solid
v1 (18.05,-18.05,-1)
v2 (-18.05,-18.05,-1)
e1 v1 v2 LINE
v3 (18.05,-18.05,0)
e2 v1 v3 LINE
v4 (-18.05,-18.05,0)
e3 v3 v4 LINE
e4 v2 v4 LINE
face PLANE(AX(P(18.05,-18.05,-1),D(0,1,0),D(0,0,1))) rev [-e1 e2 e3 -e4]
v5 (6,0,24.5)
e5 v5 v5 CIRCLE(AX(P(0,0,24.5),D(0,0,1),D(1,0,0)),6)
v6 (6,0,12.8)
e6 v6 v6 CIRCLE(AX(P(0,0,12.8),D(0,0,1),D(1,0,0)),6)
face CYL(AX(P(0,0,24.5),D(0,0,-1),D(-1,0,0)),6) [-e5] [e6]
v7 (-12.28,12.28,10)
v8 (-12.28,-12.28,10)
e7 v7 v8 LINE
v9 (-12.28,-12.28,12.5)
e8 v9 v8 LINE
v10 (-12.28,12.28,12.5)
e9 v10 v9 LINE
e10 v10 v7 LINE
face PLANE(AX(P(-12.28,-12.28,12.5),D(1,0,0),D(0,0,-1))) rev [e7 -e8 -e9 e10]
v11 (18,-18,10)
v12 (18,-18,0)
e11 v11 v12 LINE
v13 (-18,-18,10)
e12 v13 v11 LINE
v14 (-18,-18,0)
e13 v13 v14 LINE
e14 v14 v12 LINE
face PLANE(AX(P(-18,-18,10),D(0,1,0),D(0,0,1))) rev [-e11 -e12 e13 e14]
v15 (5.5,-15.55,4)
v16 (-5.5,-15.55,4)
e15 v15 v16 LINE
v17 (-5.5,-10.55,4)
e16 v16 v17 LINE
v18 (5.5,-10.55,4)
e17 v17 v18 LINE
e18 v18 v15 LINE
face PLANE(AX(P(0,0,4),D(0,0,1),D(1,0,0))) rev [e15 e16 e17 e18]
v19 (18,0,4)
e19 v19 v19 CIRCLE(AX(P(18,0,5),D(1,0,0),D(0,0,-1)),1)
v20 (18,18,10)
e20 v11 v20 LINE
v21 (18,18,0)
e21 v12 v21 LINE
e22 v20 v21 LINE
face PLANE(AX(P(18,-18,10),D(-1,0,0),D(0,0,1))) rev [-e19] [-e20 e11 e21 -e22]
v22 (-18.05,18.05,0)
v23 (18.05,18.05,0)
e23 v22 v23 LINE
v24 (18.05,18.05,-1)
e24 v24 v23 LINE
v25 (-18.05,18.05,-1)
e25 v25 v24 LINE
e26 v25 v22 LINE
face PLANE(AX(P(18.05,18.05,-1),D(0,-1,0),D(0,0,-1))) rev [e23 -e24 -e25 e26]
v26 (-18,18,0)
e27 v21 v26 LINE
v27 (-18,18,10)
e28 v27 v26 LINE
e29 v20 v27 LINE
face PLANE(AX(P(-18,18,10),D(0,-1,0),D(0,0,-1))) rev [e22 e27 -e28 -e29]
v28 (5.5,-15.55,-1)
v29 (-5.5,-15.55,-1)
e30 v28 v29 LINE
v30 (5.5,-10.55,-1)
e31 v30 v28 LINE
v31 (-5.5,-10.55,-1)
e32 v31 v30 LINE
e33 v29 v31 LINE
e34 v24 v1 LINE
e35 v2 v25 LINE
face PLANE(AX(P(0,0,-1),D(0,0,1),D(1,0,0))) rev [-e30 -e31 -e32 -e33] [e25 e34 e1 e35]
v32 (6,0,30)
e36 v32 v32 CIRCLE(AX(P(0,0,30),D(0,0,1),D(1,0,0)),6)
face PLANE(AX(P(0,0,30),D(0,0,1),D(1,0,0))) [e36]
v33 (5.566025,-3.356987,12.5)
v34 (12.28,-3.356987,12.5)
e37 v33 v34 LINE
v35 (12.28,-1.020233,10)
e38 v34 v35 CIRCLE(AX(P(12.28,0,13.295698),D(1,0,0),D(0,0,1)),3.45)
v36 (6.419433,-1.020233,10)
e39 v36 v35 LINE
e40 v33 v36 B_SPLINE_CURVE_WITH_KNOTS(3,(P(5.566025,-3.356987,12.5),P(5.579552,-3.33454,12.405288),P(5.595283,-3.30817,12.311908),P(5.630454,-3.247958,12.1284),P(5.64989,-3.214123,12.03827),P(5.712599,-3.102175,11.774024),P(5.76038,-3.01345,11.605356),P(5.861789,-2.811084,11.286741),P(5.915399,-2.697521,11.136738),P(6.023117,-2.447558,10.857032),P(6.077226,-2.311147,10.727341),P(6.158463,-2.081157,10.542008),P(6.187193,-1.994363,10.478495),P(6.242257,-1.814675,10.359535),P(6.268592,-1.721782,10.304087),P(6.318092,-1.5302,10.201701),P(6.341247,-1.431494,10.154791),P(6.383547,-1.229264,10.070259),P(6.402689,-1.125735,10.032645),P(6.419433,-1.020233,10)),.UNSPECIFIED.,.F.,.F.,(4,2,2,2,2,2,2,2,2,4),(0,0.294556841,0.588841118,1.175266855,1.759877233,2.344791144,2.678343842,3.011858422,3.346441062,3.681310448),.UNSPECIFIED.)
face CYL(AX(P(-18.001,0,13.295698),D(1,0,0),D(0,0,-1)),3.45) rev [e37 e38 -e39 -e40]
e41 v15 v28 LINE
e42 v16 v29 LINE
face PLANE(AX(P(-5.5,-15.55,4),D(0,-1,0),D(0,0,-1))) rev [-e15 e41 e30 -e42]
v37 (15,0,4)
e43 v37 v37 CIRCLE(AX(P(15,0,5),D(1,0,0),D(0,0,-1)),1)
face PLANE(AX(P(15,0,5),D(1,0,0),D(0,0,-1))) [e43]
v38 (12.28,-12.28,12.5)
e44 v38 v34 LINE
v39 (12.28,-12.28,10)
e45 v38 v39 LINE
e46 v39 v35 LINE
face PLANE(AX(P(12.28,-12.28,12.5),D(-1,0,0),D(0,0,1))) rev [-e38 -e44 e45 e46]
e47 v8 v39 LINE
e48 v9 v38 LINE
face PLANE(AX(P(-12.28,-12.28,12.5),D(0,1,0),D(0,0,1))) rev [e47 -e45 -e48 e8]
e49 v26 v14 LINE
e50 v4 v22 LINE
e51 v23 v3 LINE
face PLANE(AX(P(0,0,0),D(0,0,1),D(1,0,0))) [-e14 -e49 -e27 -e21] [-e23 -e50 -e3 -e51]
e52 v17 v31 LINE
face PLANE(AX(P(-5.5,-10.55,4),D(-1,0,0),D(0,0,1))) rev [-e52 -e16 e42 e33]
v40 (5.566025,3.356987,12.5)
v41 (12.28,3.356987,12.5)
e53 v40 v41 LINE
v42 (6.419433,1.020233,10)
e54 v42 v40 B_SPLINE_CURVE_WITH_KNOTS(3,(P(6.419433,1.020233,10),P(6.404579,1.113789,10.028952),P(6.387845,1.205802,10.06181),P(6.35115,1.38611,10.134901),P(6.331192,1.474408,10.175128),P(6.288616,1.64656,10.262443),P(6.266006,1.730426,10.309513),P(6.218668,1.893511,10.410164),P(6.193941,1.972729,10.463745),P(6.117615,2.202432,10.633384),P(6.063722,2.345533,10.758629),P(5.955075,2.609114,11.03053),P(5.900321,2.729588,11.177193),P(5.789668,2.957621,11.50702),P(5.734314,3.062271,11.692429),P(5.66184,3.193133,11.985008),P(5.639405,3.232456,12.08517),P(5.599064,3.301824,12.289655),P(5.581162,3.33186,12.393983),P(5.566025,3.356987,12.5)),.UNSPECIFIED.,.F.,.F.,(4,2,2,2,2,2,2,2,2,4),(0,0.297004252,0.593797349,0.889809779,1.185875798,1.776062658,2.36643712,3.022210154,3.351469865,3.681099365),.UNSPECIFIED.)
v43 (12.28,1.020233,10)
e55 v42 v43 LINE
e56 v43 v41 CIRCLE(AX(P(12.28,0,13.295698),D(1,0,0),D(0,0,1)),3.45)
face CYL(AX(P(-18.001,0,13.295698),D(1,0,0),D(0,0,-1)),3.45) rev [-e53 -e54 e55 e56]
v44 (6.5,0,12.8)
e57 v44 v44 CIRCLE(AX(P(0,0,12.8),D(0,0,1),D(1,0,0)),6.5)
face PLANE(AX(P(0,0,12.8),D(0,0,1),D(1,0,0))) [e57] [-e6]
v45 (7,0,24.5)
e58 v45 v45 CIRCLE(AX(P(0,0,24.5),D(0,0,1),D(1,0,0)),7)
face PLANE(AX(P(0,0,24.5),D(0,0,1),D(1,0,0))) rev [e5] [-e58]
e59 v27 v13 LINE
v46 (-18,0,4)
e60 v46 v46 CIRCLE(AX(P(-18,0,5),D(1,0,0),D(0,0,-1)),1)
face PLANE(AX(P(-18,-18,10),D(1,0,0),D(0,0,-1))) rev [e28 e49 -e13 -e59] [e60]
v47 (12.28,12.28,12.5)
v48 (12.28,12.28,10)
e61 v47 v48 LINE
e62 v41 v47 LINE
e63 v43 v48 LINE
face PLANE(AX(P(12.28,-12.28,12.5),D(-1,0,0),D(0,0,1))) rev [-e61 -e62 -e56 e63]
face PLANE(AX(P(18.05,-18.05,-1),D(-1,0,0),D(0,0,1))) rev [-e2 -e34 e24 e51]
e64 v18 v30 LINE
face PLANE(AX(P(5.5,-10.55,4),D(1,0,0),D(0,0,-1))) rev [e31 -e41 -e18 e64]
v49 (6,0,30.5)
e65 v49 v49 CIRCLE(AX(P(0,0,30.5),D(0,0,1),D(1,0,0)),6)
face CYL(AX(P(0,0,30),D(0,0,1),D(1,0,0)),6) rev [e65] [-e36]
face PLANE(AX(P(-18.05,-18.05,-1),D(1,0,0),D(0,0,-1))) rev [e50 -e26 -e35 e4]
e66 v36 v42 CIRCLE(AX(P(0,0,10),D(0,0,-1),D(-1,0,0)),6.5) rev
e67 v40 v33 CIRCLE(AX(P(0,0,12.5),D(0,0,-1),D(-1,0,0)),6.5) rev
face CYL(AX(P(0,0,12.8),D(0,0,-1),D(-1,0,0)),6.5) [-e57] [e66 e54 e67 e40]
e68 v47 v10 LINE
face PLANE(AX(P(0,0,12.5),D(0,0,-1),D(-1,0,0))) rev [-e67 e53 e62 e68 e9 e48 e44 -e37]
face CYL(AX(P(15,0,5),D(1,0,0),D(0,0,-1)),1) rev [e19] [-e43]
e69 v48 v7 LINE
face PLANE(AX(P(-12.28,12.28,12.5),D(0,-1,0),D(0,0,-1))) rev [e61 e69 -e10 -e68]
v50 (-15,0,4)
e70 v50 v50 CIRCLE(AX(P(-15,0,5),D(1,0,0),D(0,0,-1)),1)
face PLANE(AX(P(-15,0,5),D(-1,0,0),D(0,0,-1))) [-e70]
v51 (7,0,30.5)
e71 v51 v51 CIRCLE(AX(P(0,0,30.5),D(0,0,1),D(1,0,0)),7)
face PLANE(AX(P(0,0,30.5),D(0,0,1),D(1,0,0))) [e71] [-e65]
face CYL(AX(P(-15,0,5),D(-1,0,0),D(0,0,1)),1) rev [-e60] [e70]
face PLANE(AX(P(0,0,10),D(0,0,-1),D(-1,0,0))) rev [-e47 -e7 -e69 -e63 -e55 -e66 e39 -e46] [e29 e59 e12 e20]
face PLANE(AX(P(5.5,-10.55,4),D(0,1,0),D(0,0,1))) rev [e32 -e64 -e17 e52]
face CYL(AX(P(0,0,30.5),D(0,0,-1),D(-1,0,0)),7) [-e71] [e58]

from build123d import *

# Parameters (mm, degrees)
SKETCH_1_W               = 36
SKETCH_1_H               = 36
EXTRUDE_1_DEPTH          = 10
SKETCH_2_W               = 24.56
SKETCH_2_H               = 24.56
EXTRUDE_2_DEPTH          = 2.5
SKETCH_3_R               = 6
EXTRUDE_3_DEPTH          = 12
SKETCH_4_R               = 7
EXTRUDE_4_DEPTH          = 6
CUT_EXTRUDE_START        = -0.5
SKETCH_5_R               = 6
CUT_EXTRUDE_1_DEPTH      = 0.5
SKETCH_7_R               = 6.5
EXTRUDE_5_DEPTH          = 0.3
CUT_EXTRUDE_2_REACH      = 48.595
CUT_EXTRUDE_2_END_RADIUS = 6.5
SKETCH_10_R              = 1
CUT_EXTRUDE_3_DEPTH      = 3
SKETCH_11_W              = 36.1
SKETCH_11_H              = 36.1
EXTRUDE_6_DEPTH          = 1
SKETCH_12_W              = 11
SKETCH_12_H              = 5
CUT_EXTRUDE_4_DEPTH      = 5


with BuildPart() as part:
    # 草图1 → 凸台-拉伸1 (new body)
    with BuildSketch(Plane.XY):
        Rectangle(SKETCH_1_W, SKETCH_1_H)
    extrude(amount=EXTRUDE_1_DEPTH)

    # 草图2 → 凸台-拉伸2 (add)
    with BuildSketch(Plane.XY.offset(10)):
        Rectangle(SKETCH_2_W, SKETCH_2_H)
    extrude(amount=EXTRUDE_2_DEPTH)

    # 草图3 → 凸台-拉伸3 (add)
    with BuildSketch(Plane.XY.offset(12.5)):
        Circle(SKETCH_3_R)
    extrude(amount=EXTRUDE_3_DEPTH)

    # 草图4 → 凸台-拉伸4 (add)
    with BuildSketch(Plane.XY.offset(24.5)):
        Circle(SKETCH_4_R)
    extrude(amount=EXTRUDE_4_DEPTH)

    # 草图5 → 切除-拉伸1 (cut)
    with BuildSketch(Plane.XY.offset(30.5).offset(CUT_EXTRUDE_START)):
        Circle(SKETCH_5_R)
    extrude(amount=CUT_EXTRUDE_1_DEPTH, mode=Mode.SUBTRACT)

    # 草图7 → 凸台-拉伸5 (add)
    with BuildSketch(Plane.XY.offset(12.5)):
        with Locations(Location((0, 0, 0), (0, 0, 180))):
            Circle(SKETCH_7_R)
    extrude(amount=EXTRUDE_5_DEPTH)

    # 切除-拉伸2: up to this cylinder (the profile starts outside it)
    cut_extrude_2_end = Plane(origin=(0, 0, 11.416503), z_dir=(0, 0, -1)) * Cylinder(CUT_EXTRUDE_2_END_RADIUS, 111.19, mode=Mode.PRIVATE)
    # 草图9 → 切除-拉伸2 (cut, up to the surface)
    with BuildSketch(Plane(origin=(12.28, 0, 0), x_dir=(0, 0, -1), z_dir=(1, 0, 0)), mode=Mode.PRIVATE) as cut_extrude_2_sk1:
        with BuildLine():
            Line((-10, -1.020232895), (-10, 1.020232895))
            ThreePointArc((-10, 1.020232895), (-10.939857211, 2.52041951), (-12.5, 3.35698746))
            Line((-12.5, 3.35698746), (-12.5, -3.35698746))
            ThreePointArc((-12.5, -3.35698746), (-10.939857211, -2.52041951), (-10, -1.020232895))
        make_face()
    cut_extrude_2_tool1 = extrude(cut_extrude_2_sk1.sketch, amount=-CUT_EXTRUDE_2_REACH, mode=Mode.PRIVATE) - cut_extrude_2_end
    add(cut_extrude_2_tool1.solids().sort_by_distance((12.28, 0, 11.416503))[0], mode=Mode.SUBTRACT)

    # 草图10 → 切除-拉伸3 (cut)
    with BuildSketch(Plane(origin=(18, 0, 0), x_dir=(0, 0, -1), z_dir=(1, 0, 0))):
        with Locations((-5, 0)):
            Circle(SKETCH_10_R)
    cut_extrude_3 = extrude(amount=-CUT_EXTRUDE_3_DEPTH, mode=Mode.SUBTRACT)

    # 镜向1: 切除-拉伸3 across plane
    add(cut_extrude_3.mirror(Plane(origin=(0, 0, 0), x_dir=(0, 0, 1), z_dir=(1, 0, 0))), mode=Mode.SUBTRACT)

    # 草图11 → 凸台-拉伸6 (add)
    with BuildSketch(Plane(origin=(0, 0, 0), x_dir=(-1, 0, 0), z_dir=(0, 0, -1))):
        Rectangle(SKETCH_11_W, SKETCH_11_H)
    extrude(amount=EXTRUDE_6_DEPTH)

    # 草图12 → 切除-拉伸4 (cut)
    with BuildSketch(Plane(origin=(0, 0, -1), x_dir=(-1, 0, 0), z_dir=(0, 0, -1))):
        with Locations((0, -13.05)):
            Rectangle(SKETCH_12_W, SKETCH_12_H)
    extrude(amount=-CUT_EXTRUDE_4_DEPTH, mode=Mode.SUBTRACT)


solid = part.part
